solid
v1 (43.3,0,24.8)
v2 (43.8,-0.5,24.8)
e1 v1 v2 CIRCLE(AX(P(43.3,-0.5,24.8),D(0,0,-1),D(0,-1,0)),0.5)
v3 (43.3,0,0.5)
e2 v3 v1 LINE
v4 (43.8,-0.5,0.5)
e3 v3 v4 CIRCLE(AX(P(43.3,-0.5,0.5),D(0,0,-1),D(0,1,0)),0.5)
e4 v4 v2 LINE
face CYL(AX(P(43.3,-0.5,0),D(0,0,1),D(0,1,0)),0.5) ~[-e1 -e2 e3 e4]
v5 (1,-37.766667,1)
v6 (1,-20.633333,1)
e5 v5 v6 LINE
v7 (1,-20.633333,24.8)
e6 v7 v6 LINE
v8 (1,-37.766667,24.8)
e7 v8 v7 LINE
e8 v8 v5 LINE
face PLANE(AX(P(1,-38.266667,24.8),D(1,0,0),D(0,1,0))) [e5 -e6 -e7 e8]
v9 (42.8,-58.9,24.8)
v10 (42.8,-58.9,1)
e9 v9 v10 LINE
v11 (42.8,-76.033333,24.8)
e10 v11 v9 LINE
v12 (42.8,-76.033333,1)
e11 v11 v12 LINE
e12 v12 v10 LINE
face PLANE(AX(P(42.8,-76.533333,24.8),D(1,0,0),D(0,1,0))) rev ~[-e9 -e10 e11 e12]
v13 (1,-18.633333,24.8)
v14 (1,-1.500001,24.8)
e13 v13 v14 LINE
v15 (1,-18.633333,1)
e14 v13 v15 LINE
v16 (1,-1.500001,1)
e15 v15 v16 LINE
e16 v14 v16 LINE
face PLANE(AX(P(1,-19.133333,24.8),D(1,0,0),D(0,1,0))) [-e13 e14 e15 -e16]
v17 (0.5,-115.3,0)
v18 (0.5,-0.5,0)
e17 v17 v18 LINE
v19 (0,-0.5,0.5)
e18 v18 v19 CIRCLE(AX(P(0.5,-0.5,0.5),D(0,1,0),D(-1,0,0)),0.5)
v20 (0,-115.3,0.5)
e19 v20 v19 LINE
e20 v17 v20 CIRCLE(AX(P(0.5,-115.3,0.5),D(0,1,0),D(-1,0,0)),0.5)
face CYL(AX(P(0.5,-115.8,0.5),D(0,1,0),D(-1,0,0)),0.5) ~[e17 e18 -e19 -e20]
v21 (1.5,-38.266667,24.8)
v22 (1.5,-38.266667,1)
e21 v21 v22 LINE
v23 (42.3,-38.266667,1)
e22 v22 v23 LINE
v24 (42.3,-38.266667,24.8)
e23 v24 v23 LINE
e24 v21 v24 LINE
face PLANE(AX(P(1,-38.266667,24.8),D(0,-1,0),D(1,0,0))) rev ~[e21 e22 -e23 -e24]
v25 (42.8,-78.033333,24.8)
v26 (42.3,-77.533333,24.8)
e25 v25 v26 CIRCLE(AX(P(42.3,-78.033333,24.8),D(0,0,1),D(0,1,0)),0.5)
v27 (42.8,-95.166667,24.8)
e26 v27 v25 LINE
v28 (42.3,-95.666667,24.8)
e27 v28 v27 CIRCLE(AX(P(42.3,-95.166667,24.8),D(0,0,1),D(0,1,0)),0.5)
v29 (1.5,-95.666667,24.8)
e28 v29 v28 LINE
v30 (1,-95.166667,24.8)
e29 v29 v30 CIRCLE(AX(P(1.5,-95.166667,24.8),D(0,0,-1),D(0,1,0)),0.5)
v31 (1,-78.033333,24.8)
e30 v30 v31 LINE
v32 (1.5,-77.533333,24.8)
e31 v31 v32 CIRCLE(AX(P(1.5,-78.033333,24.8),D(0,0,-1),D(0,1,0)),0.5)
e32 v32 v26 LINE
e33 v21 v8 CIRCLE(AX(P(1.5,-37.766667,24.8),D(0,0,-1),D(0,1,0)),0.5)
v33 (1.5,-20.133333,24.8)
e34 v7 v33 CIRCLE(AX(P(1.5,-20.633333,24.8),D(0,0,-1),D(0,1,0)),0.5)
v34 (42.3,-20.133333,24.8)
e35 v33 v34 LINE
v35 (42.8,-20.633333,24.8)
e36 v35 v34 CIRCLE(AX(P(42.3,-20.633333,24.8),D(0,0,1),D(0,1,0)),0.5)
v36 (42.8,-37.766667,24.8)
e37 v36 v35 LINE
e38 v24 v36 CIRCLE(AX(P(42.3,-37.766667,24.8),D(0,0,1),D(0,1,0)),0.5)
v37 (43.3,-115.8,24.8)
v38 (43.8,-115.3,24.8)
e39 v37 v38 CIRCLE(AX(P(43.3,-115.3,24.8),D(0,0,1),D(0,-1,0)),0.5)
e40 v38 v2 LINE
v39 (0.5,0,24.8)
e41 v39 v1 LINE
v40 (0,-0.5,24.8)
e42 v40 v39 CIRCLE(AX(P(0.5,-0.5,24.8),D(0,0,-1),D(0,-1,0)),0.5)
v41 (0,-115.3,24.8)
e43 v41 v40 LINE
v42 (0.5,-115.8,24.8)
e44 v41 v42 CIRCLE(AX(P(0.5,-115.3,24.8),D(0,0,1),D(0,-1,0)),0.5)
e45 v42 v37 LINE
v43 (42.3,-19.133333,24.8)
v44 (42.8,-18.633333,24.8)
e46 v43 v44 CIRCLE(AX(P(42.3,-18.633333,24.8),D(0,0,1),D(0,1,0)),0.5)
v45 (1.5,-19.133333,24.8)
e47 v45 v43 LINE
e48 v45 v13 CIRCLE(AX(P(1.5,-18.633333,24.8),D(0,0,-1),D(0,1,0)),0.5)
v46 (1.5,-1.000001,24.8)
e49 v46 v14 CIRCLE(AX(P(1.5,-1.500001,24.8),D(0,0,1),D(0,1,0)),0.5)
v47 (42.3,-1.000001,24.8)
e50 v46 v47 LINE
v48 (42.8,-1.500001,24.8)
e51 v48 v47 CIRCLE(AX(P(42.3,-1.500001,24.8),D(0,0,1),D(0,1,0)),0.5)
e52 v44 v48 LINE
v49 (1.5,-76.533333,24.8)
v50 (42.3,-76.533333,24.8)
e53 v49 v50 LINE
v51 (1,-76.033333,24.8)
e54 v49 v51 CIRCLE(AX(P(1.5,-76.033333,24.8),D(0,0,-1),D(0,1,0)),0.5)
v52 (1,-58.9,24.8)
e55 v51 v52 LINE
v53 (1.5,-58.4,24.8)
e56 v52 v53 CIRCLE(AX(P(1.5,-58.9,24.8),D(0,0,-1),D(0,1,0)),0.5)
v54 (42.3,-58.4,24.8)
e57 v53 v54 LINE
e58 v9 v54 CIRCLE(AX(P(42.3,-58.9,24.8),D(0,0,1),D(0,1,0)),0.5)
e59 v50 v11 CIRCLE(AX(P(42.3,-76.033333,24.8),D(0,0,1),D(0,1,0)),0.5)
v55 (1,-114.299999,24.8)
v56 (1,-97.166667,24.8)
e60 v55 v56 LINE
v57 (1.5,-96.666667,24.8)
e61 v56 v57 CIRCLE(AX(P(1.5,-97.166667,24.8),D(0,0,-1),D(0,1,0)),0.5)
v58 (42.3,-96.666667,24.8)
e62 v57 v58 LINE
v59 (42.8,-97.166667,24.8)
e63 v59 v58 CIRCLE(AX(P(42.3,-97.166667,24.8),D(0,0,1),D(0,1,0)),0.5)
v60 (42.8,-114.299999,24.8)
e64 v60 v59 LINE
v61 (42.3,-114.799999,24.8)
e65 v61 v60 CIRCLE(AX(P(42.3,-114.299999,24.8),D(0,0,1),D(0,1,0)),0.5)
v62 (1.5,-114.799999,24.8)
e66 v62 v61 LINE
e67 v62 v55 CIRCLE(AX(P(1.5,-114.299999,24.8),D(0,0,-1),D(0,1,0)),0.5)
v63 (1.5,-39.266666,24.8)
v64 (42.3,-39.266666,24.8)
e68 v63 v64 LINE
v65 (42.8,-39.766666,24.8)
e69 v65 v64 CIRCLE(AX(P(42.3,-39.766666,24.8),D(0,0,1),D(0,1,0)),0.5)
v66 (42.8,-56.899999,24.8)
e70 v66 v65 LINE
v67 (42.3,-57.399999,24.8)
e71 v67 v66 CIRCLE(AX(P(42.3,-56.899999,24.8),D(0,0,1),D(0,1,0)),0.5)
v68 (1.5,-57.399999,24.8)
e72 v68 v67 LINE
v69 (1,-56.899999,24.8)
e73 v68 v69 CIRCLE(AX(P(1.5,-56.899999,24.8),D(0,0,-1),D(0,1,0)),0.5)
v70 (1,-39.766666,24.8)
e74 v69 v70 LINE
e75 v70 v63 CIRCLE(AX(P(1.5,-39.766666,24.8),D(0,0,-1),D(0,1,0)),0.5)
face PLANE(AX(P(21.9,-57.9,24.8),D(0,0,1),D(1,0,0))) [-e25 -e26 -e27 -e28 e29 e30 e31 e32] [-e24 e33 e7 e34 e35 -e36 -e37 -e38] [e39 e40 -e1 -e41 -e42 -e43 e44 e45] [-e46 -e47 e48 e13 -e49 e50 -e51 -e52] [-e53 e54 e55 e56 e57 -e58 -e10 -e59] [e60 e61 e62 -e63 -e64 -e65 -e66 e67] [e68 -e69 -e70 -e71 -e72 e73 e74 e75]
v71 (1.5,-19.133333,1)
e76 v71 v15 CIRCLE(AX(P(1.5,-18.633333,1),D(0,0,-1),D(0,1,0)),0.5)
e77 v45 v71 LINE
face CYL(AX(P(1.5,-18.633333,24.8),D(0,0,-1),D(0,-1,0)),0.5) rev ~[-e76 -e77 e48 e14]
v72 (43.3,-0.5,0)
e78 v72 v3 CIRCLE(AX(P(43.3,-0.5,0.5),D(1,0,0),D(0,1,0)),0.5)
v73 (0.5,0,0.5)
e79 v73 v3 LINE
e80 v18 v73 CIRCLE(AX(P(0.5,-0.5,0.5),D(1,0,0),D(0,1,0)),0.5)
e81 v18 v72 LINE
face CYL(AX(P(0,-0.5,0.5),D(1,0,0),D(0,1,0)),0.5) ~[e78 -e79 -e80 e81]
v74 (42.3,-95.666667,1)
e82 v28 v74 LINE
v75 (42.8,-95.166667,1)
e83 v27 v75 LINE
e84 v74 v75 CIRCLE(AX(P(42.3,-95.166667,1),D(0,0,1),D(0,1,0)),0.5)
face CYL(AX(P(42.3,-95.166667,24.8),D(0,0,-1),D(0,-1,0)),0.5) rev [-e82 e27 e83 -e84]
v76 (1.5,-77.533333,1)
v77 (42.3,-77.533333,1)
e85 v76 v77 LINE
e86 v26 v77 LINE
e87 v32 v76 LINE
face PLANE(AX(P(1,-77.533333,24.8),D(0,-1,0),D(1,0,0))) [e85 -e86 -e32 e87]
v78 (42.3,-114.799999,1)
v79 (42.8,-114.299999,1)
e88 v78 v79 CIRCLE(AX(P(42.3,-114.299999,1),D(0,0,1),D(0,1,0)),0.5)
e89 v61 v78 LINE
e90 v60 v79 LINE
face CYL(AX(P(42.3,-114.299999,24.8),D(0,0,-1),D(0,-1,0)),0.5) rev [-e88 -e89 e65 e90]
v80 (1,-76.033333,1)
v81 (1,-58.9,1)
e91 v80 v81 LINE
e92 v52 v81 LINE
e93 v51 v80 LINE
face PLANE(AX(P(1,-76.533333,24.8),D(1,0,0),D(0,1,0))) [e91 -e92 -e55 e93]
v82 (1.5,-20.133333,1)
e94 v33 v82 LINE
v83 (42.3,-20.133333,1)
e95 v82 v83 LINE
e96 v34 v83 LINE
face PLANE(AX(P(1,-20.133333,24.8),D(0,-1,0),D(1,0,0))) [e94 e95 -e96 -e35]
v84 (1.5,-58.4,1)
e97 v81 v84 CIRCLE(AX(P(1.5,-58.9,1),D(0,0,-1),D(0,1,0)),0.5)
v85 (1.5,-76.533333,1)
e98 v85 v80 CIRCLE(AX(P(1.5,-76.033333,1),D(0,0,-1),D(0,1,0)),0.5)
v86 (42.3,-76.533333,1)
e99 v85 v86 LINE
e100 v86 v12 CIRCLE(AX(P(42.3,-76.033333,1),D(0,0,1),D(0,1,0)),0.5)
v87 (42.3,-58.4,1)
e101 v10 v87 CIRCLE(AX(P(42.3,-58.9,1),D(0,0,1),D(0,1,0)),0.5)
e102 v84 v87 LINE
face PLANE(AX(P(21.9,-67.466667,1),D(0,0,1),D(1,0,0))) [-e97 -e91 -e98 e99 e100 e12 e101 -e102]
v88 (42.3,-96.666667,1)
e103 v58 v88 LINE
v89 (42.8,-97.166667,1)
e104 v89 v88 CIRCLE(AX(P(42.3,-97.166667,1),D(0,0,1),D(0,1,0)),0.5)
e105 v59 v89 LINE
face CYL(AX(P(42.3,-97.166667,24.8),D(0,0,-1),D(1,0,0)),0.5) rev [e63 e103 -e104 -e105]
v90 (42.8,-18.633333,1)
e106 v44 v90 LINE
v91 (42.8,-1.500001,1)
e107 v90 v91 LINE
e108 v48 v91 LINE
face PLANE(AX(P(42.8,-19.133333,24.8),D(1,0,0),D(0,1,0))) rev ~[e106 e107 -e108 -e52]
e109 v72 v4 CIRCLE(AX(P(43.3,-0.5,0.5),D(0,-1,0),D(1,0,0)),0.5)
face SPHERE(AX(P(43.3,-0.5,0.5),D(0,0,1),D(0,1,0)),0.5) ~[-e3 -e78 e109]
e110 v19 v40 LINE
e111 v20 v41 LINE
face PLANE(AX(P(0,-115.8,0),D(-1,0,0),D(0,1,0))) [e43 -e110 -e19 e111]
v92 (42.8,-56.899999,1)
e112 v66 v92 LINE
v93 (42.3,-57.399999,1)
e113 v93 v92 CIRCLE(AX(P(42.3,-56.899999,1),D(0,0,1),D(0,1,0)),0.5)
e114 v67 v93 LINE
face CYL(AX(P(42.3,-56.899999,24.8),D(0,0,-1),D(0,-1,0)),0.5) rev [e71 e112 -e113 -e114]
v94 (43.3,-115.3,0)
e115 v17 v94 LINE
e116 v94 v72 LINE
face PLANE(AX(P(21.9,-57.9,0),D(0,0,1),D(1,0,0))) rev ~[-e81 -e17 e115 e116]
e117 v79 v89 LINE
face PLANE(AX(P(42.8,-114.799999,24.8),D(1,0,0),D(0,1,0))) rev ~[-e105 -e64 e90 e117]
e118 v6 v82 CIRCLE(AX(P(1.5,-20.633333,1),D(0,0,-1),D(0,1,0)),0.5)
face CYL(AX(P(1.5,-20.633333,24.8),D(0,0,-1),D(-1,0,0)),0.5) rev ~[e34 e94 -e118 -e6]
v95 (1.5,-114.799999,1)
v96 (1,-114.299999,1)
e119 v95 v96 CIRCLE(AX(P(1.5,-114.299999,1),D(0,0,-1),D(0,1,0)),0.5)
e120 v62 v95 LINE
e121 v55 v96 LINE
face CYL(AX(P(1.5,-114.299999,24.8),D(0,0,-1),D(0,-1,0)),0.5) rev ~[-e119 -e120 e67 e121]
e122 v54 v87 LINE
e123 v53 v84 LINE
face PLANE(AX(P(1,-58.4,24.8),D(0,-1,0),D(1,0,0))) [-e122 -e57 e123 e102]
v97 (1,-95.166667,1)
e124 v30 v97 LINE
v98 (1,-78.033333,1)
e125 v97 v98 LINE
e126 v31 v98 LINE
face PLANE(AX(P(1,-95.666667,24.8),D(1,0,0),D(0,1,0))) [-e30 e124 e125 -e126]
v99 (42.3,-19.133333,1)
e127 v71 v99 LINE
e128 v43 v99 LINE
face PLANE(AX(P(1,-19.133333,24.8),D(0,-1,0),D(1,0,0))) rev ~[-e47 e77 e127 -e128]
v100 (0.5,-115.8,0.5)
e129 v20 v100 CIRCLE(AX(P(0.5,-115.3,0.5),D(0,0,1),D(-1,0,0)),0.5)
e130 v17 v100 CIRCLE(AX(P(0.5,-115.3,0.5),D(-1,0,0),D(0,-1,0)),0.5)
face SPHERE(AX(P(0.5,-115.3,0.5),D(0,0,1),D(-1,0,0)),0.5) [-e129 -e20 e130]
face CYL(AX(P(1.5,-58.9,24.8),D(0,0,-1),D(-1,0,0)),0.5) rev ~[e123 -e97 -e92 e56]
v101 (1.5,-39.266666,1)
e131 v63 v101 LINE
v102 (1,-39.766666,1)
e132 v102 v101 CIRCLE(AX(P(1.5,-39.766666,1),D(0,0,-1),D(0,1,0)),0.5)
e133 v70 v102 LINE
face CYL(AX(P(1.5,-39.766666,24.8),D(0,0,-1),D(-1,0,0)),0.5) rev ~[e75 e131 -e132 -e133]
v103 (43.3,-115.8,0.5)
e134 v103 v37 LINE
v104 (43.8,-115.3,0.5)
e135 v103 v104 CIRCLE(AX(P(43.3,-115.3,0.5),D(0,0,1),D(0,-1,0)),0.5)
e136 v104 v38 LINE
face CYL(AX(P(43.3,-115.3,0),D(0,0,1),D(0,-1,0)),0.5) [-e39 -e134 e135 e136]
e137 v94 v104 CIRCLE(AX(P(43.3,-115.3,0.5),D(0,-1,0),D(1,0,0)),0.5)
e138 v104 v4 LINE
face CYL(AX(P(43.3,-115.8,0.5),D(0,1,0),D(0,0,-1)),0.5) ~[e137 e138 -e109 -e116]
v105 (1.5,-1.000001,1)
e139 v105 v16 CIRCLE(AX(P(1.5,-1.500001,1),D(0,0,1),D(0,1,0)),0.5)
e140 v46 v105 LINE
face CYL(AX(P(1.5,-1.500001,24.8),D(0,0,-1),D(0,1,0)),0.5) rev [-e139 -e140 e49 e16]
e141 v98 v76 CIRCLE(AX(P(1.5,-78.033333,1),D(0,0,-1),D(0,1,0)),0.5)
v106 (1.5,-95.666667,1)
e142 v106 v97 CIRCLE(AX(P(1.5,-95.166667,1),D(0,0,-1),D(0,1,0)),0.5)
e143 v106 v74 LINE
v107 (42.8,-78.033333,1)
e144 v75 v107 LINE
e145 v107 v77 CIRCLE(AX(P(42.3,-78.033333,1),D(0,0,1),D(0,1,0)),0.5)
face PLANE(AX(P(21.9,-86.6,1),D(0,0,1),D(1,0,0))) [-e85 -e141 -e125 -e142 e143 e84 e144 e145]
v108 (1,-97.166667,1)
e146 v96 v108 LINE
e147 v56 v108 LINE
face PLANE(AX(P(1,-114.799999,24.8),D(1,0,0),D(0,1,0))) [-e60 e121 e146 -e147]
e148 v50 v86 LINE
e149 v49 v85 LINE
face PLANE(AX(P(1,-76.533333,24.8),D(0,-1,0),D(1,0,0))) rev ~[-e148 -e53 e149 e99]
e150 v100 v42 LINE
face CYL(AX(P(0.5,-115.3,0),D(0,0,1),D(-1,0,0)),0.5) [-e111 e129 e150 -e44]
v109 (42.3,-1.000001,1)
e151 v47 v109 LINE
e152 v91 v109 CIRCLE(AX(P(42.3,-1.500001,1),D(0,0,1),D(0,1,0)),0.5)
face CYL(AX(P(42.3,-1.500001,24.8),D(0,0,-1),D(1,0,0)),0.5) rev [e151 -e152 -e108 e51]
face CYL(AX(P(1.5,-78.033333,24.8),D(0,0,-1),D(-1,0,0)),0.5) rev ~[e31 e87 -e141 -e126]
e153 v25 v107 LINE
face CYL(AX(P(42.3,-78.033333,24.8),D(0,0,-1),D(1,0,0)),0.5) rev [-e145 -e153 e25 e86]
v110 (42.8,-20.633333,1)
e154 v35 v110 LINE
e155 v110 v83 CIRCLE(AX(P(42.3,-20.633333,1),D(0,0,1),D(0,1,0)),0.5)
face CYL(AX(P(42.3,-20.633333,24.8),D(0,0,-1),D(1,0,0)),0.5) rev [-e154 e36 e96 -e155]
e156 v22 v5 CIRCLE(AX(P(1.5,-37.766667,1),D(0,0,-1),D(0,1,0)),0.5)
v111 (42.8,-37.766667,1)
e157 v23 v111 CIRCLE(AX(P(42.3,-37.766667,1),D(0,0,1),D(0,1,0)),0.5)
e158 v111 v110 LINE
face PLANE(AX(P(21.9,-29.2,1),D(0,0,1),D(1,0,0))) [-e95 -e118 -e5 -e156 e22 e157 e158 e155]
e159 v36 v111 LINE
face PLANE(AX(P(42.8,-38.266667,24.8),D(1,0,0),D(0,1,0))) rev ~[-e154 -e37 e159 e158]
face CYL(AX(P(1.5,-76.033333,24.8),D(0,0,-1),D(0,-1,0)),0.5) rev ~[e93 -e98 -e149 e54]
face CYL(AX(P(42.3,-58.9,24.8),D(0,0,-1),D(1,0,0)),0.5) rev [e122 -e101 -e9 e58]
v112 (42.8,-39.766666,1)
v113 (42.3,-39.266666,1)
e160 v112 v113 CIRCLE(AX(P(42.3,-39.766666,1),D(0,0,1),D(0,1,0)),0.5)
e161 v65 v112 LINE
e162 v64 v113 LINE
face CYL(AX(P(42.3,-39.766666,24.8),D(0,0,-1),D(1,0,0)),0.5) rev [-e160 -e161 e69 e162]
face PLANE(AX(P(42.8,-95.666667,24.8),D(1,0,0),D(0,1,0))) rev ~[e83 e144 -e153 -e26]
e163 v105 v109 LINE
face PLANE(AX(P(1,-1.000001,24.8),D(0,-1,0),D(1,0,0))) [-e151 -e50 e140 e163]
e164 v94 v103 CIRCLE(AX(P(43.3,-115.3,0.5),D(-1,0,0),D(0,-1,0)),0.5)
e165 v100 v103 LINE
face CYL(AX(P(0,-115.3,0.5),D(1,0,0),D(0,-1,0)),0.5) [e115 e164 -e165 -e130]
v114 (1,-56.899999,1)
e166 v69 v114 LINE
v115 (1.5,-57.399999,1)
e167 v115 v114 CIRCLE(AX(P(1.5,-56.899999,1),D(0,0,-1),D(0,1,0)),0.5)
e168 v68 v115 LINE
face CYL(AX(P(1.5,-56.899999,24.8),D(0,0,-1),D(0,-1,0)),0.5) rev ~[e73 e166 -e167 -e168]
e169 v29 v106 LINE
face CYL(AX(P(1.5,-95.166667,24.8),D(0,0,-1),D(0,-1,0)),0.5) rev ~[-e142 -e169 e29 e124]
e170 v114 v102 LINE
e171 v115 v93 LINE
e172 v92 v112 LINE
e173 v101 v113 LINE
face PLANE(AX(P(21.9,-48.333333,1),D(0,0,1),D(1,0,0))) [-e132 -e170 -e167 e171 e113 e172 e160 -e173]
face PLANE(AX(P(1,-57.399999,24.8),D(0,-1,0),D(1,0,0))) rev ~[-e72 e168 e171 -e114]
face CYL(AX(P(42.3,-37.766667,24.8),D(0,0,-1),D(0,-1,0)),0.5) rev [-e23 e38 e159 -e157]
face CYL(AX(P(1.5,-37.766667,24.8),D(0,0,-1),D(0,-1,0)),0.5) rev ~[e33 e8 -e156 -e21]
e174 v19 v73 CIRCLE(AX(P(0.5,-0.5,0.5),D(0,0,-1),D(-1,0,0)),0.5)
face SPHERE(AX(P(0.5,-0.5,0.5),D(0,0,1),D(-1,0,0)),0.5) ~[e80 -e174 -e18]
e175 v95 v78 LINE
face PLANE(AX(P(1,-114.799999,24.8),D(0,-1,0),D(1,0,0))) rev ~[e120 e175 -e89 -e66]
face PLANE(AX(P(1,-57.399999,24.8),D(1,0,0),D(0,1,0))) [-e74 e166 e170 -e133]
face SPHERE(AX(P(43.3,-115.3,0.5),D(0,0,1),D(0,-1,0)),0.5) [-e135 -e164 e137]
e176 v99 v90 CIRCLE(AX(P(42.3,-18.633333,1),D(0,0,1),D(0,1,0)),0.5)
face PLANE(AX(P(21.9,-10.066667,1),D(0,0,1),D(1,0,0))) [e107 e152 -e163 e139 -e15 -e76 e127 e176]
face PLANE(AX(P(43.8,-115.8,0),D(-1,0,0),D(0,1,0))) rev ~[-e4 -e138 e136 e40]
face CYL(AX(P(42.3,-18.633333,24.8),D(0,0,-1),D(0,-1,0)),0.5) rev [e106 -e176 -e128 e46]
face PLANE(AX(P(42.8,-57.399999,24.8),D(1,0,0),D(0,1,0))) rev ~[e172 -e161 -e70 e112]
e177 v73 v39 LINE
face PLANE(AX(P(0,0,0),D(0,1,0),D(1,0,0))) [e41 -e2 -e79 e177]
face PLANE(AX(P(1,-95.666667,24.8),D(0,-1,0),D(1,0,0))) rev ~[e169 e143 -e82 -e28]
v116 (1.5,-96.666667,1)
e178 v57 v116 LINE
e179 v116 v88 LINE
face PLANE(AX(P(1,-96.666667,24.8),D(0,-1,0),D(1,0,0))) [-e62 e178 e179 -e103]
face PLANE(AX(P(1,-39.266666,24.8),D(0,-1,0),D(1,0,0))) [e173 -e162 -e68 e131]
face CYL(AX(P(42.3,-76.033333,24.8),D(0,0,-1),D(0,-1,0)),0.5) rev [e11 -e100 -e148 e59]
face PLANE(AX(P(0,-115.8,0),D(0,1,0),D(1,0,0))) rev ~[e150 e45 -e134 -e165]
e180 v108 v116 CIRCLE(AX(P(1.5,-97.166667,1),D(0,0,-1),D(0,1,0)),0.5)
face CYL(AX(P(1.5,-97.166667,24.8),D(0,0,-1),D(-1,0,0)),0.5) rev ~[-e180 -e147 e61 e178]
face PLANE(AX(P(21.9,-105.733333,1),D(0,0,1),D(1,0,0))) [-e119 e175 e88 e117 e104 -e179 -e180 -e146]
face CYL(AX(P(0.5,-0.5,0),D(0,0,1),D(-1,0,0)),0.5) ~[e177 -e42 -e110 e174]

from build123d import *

# Parameters (mm, degrees)
F0_W     = 43.8
F0_H     = 115.8
F1_DEPTH = 24.8
F2_W     = 41.8
F2_H     = 18.133333
F2_H_2   = 18.133334
F3_DEPTH = 23.8
F4_R     = 0.5
F5_R     = 0.5
F6_R     = 0.5


with BuildPart() as f1:
    # F0 (on Top) → F1 (new body)
    with BuildSketch(Plane.XY):
        with Locations((21.9, -57.9)):
            Rectangle(F0_W, F0_H)
    extrude(amount=F1_DEPTH)

    # F2 (on face) → F3 (cut)
    with BuildSketch(Plane.XY.offset(24.8)):
        with Locations((21.9, -10.066667)):
            Rectangle(F2_W, F2_H)
        with Locations((21.9, -29.2)):
            Rectangle(F2_W, F2_H_2)
        with Locations((21.9, -48.333333)):
            Rectangle(F2_W, F2_H)
        with Locations((21.9, -67.466667)):
            Rectangle(F2_W, F2_H)
        with Locations((21.9, -86.6)):
            Rectangle(F2_W, F2_H_2)
        with Locations((21.9, -105.733333)):
            Rectangle(F2_W, F2_H)
    extrude(amount=-F3_DEPTH, mode=Mode.SUBTRACT)

    # F4
    f4_edges = [f1.edges().sort_by_distance(p)[0] for p in [
        (43.8, 0, 12.4),
        (43.8, -115.8, 12.4),
        (0, -115.8, 12.4),
        (0, 0, 12.4),
        (0, -57.9, 0),
        (21.9, -115.8, 0),
        (21.9, 0, 0),
        (43.8, -57.9, 0),
    ]]
    fillet(f4_edges, radius=F4_R)

    # F5
    f5_edges = [f1.edges().sort_by_distance(p)[0] for p in [
        (1, -1, 12.9),
        (42.8, -1, 12.9),
        (42.8, -20.133333, 12.9),
        (42.8, -39.266667, 12.9),
        (42.8, -58.4, 12.9),
        (42.8, -77.533333, 12.9),
        (42.8, -96.666667, 12.9),
        (42.8, -114.8, 12.9),
        (1, -114.8, 12.9),
        (1, -95.666667, 12.9),
        (1, -76.533333, 12.9),
        (1, -57.4, 12.9),
        (1, -38.266667, 12.9),
        (1, -19.133333, 12.9),
    ]]
    fillet(f5_edges, radius=F5_R)

    # F6
    f6_edges = [f1.edges().sort_by_distance(p)[0] for p in [
        (42.8, -19.133333, 12.9),
        (42.8, -38.266667, 12.9),
        (42.8, -57.4, 12.9),
        (1, -20.133333, 12.9),
        (1, -39.266667, 12.9),
        (1, -58.4, 12.9),
        (42.8, -76.533333, 12.9),
        (42.8, -95.666667, 12.9),
        (1, -77.533333, 12.9),
        (1, -96.666667, 12.9),
    ]]
    fillet(f6_edges, radius=F6_R)


solid = f1.part
